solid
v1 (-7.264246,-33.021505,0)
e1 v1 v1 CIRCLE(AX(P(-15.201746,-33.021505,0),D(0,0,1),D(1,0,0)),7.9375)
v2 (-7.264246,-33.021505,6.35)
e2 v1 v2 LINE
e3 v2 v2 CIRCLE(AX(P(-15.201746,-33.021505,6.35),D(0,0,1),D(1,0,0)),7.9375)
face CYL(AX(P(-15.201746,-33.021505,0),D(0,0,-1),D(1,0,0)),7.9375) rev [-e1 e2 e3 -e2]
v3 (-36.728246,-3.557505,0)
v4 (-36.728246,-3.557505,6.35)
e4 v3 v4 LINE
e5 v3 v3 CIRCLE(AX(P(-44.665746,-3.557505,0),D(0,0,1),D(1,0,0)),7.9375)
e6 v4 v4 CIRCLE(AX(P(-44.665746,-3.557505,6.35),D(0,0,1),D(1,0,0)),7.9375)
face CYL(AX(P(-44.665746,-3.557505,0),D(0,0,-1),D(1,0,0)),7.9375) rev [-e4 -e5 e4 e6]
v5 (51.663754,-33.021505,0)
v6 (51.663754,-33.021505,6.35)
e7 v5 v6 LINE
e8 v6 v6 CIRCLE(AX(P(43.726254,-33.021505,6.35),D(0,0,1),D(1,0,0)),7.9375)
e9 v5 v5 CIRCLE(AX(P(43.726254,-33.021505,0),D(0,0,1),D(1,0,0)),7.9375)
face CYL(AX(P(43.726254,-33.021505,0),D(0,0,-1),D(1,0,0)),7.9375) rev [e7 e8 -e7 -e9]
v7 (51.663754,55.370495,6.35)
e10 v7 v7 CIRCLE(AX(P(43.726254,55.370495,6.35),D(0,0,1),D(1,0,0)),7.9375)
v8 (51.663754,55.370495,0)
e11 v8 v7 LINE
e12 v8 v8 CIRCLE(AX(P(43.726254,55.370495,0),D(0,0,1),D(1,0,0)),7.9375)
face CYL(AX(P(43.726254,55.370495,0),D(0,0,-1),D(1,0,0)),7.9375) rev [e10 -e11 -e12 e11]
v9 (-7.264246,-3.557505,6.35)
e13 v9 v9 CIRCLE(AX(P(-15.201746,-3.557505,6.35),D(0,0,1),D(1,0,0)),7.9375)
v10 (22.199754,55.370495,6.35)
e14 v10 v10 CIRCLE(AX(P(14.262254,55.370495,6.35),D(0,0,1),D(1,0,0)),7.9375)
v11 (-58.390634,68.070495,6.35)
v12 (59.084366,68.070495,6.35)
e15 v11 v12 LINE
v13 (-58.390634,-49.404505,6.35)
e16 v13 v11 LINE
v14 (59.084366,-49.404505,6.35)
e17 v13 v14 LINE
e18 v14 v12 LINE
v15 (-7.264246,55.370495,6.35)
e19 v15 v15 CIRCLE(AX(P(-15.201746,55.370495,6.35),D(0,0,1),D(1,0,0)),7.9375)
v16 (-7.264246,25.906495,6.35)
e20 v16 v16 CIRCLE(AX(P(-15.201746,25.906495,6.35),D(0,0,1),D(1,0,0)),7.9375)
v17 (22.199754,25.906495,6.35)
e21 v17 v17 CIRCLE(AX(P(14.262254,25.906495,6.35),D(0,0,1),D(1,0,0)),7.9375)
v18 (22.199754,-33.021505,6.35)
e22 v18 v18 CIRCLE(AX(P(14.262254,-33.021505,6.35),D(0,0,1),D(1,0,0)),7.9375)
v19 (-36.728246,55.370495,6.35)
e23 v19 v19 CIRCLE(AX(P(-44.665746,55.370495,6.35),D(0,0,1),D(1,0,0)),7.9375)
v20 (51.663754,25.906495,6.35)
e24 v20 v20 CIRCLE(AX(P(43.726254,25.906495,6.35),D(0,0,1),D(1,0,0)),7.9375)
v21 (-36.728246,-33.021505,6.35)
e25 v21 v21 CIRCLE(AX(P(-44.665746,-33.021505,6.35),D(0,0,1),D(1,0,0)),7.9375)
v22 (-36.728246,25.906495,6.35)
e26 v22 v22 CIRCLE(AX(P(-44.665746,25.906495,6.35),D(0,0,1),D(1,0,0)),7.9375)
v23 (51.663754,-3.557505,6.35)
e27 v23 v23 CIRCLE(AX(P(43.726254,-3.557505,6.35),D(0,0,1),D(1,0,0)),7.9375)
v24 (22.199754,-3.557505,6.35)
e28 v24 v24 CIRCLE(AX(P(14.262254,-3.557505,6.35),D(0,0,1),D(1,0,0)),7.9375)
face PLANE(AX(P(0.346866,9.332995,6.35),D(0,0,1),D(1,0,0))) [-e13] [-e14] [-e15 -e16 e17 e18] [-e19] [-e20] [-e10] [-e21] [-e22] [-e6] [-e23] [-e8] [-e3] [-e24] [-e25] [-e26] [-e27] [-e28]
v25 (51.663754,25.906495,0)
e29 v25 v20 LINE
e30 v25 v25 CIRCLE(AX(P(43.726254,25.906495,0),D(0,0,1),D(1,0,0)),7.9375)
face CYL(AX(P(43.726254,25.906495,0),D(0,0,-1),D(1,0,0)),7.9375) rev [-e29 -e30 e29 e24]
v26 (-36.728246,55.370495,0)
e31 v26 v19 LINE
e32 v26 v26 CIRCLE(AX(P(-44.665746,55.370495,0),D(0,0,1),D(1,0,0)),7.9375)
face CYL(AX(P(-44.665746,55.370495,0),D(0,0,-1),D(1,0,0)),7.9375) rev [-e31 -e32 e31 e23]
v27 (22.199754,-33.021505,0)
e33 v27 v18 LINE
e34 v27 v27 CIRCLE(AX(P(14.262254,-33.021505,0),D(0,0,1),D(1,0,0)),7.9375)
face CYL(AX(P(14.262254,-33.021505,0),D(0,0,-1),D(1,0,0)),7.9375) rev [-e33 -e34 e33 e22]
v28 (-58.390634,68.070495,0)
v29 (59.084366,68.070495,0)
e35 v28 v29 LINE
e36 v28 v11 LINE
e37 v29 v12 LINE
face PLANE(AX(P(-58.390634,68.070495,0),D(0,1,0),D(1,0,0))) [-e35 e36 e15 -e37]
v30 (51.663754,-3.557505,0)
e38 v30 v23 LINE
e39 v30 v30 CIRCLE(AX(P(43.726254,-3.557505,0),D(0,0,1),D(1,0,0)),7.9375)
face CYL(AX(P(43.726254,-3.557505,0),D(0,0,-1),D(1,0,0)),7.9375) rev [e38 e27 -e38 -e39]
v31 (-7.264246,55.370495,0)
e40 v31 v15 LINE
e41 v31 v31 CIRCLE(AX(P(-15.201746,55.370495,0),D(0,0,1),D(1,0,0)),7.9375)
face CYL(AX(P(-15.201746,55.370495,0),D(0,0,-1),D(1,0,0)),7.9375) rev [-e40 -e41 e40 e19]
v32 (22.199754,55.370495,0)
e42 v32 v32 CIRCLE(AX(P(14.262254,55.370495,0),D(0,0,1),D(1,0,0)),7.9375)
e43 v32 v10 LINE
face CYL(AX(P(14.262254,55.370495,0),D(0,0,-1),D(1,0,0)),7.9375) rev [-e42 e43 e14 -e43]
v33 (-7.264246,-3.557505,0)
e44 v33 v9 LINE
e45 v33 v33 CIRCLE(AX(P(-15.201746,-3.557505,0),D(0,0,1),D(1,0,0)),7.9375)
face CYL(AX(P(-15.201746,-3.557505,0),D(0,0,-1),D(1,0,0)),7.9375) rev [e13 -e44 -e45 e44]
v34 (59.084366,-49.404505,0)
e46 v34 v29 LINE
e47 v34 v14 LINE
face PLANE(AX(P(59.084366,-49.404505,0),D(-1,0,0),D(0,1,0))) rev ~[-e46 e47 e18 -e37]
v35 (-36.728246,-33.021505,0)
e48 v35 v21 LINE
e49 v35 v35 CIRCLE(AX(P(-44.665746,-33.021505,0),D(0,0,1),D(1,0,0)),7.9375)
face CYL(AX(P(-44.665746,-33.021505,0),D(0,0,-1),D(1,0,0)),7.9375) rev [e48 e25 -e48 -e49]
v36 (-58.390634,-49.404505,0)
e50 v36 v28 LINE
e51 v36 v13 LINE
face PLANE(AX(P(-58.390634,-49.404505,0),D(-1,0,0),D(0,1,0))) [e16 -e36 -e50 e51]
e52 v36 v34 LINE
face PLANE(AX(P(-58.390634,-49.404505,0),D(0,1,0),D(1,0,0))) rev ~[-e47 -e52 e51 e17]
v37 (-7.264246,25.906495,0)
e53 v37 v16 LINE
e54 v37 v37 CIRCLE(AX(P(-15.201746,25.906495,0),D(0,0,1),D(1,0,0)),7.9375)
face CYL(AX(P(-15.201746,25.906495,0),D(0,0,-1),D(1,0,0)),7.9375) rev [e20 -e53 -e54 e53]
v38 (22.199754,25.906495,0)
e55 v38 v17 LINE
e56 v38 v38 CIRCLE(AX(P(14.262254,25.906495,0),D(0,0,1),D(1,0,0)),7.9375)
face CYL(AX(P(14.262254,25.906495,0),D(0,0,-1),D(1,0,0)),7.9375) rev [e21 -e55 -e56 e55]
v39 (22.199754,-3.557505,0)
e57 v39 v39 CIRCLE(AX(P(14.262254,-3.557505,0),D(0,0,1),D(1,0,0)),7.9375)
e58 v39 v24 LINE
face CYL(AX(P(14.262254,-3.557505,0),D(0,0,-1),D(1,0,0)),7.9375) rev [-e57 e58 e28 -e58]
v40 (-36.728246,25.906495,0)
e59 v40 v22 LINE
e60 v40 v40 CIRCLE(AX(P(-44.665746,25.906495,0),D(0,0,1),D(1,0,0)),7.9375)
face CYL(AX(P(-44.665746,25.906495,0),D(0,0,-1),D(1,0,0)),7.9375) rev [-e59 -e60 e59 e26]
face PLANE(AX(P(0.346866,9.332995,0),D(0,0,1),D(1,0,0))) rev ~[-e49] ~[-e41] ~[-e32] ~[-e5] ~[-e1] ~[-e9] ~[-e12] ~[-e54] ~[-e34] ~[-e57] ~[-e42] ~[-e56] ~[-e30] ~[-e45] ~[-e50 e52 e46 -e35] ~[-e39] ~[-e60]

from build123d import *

# Parameters (mm, degrees)
F0_W     = 117.475
F0_H     = 117.475
F0_R     = 7.9375
F1_DEPTH = 6.35


with BuildPart() as f1:
    # F0 (on Top) → F1 (new body)
    with BuildSketch(Plane.XY):
        with Locations((0.346866, 9.332995)):
            Rectangle(F0_W, F0_H)
        with Locations((-44.665746, -33.021505)):
            Circle(F0_R, mode=Mode.SUBTRACT)
        with Locations((-15.201746, -33.021505)):
            Circle(F0_R, mode=Mode.SUBTRACT)
        with Locations((-44.665746, -3.557505)):
            Circle(F0_R, mode=Mode.SUBTRACT)
        with Locations((-15.201746, -3.557505)):
            Circle(F0_R, mode=Mode.SUBTRACT)
        with Locations((14.262254, -33.021505)):
            Circle(F0_R, mode=Mode.SUBTRACT)
        with Locations((43.726254, -33.021505)):
            Circle(F0_R, mode=Mode.SUBTRACT)
        with Locations((14.262254, -3.557505)):
            Circle(F0_R, mode=Mode.SUBTRACT)
        with Locations((43.726254, -3.557505)):
            Circle(F0_R, mode=Mode.SUBTRACT)
        with Locations((-44.665746, 25.906495)):
            Circle(F0_R, mode=Mode.SUBTRACT)
        with Locations((-15.201746, 25.906495)):
            Circle(F0_R, mode=Mode.SUBTRACT)
        with Locations((-44.665746, 55.370495)):
            Circle(F0_R, mode=Mode.SUBTRACT)
        with Locations((-15.201746, 55.370495)):
            Circle(F0_R, mode=Mode.SUBTRACT)
        with Locations((14.262254, 25.906495)):
            Circle(F0_R, mode=Mode.SUBTRACT)
        with Locations((43.726254, 25.906495)):
            Circle(F0_R, mode=Mode.SUBTRACT)
        with Locations((14.262254, 55.370495)):
            Circle(F0_R, mode=Mode.SUBTRACT)
        with Locations((43.726254, 55.370495)):
            Circle(F0_R, mode=Mode.SUBTRACT)
    extrude(amount=F1_DEPTH)


solid = f1.part
